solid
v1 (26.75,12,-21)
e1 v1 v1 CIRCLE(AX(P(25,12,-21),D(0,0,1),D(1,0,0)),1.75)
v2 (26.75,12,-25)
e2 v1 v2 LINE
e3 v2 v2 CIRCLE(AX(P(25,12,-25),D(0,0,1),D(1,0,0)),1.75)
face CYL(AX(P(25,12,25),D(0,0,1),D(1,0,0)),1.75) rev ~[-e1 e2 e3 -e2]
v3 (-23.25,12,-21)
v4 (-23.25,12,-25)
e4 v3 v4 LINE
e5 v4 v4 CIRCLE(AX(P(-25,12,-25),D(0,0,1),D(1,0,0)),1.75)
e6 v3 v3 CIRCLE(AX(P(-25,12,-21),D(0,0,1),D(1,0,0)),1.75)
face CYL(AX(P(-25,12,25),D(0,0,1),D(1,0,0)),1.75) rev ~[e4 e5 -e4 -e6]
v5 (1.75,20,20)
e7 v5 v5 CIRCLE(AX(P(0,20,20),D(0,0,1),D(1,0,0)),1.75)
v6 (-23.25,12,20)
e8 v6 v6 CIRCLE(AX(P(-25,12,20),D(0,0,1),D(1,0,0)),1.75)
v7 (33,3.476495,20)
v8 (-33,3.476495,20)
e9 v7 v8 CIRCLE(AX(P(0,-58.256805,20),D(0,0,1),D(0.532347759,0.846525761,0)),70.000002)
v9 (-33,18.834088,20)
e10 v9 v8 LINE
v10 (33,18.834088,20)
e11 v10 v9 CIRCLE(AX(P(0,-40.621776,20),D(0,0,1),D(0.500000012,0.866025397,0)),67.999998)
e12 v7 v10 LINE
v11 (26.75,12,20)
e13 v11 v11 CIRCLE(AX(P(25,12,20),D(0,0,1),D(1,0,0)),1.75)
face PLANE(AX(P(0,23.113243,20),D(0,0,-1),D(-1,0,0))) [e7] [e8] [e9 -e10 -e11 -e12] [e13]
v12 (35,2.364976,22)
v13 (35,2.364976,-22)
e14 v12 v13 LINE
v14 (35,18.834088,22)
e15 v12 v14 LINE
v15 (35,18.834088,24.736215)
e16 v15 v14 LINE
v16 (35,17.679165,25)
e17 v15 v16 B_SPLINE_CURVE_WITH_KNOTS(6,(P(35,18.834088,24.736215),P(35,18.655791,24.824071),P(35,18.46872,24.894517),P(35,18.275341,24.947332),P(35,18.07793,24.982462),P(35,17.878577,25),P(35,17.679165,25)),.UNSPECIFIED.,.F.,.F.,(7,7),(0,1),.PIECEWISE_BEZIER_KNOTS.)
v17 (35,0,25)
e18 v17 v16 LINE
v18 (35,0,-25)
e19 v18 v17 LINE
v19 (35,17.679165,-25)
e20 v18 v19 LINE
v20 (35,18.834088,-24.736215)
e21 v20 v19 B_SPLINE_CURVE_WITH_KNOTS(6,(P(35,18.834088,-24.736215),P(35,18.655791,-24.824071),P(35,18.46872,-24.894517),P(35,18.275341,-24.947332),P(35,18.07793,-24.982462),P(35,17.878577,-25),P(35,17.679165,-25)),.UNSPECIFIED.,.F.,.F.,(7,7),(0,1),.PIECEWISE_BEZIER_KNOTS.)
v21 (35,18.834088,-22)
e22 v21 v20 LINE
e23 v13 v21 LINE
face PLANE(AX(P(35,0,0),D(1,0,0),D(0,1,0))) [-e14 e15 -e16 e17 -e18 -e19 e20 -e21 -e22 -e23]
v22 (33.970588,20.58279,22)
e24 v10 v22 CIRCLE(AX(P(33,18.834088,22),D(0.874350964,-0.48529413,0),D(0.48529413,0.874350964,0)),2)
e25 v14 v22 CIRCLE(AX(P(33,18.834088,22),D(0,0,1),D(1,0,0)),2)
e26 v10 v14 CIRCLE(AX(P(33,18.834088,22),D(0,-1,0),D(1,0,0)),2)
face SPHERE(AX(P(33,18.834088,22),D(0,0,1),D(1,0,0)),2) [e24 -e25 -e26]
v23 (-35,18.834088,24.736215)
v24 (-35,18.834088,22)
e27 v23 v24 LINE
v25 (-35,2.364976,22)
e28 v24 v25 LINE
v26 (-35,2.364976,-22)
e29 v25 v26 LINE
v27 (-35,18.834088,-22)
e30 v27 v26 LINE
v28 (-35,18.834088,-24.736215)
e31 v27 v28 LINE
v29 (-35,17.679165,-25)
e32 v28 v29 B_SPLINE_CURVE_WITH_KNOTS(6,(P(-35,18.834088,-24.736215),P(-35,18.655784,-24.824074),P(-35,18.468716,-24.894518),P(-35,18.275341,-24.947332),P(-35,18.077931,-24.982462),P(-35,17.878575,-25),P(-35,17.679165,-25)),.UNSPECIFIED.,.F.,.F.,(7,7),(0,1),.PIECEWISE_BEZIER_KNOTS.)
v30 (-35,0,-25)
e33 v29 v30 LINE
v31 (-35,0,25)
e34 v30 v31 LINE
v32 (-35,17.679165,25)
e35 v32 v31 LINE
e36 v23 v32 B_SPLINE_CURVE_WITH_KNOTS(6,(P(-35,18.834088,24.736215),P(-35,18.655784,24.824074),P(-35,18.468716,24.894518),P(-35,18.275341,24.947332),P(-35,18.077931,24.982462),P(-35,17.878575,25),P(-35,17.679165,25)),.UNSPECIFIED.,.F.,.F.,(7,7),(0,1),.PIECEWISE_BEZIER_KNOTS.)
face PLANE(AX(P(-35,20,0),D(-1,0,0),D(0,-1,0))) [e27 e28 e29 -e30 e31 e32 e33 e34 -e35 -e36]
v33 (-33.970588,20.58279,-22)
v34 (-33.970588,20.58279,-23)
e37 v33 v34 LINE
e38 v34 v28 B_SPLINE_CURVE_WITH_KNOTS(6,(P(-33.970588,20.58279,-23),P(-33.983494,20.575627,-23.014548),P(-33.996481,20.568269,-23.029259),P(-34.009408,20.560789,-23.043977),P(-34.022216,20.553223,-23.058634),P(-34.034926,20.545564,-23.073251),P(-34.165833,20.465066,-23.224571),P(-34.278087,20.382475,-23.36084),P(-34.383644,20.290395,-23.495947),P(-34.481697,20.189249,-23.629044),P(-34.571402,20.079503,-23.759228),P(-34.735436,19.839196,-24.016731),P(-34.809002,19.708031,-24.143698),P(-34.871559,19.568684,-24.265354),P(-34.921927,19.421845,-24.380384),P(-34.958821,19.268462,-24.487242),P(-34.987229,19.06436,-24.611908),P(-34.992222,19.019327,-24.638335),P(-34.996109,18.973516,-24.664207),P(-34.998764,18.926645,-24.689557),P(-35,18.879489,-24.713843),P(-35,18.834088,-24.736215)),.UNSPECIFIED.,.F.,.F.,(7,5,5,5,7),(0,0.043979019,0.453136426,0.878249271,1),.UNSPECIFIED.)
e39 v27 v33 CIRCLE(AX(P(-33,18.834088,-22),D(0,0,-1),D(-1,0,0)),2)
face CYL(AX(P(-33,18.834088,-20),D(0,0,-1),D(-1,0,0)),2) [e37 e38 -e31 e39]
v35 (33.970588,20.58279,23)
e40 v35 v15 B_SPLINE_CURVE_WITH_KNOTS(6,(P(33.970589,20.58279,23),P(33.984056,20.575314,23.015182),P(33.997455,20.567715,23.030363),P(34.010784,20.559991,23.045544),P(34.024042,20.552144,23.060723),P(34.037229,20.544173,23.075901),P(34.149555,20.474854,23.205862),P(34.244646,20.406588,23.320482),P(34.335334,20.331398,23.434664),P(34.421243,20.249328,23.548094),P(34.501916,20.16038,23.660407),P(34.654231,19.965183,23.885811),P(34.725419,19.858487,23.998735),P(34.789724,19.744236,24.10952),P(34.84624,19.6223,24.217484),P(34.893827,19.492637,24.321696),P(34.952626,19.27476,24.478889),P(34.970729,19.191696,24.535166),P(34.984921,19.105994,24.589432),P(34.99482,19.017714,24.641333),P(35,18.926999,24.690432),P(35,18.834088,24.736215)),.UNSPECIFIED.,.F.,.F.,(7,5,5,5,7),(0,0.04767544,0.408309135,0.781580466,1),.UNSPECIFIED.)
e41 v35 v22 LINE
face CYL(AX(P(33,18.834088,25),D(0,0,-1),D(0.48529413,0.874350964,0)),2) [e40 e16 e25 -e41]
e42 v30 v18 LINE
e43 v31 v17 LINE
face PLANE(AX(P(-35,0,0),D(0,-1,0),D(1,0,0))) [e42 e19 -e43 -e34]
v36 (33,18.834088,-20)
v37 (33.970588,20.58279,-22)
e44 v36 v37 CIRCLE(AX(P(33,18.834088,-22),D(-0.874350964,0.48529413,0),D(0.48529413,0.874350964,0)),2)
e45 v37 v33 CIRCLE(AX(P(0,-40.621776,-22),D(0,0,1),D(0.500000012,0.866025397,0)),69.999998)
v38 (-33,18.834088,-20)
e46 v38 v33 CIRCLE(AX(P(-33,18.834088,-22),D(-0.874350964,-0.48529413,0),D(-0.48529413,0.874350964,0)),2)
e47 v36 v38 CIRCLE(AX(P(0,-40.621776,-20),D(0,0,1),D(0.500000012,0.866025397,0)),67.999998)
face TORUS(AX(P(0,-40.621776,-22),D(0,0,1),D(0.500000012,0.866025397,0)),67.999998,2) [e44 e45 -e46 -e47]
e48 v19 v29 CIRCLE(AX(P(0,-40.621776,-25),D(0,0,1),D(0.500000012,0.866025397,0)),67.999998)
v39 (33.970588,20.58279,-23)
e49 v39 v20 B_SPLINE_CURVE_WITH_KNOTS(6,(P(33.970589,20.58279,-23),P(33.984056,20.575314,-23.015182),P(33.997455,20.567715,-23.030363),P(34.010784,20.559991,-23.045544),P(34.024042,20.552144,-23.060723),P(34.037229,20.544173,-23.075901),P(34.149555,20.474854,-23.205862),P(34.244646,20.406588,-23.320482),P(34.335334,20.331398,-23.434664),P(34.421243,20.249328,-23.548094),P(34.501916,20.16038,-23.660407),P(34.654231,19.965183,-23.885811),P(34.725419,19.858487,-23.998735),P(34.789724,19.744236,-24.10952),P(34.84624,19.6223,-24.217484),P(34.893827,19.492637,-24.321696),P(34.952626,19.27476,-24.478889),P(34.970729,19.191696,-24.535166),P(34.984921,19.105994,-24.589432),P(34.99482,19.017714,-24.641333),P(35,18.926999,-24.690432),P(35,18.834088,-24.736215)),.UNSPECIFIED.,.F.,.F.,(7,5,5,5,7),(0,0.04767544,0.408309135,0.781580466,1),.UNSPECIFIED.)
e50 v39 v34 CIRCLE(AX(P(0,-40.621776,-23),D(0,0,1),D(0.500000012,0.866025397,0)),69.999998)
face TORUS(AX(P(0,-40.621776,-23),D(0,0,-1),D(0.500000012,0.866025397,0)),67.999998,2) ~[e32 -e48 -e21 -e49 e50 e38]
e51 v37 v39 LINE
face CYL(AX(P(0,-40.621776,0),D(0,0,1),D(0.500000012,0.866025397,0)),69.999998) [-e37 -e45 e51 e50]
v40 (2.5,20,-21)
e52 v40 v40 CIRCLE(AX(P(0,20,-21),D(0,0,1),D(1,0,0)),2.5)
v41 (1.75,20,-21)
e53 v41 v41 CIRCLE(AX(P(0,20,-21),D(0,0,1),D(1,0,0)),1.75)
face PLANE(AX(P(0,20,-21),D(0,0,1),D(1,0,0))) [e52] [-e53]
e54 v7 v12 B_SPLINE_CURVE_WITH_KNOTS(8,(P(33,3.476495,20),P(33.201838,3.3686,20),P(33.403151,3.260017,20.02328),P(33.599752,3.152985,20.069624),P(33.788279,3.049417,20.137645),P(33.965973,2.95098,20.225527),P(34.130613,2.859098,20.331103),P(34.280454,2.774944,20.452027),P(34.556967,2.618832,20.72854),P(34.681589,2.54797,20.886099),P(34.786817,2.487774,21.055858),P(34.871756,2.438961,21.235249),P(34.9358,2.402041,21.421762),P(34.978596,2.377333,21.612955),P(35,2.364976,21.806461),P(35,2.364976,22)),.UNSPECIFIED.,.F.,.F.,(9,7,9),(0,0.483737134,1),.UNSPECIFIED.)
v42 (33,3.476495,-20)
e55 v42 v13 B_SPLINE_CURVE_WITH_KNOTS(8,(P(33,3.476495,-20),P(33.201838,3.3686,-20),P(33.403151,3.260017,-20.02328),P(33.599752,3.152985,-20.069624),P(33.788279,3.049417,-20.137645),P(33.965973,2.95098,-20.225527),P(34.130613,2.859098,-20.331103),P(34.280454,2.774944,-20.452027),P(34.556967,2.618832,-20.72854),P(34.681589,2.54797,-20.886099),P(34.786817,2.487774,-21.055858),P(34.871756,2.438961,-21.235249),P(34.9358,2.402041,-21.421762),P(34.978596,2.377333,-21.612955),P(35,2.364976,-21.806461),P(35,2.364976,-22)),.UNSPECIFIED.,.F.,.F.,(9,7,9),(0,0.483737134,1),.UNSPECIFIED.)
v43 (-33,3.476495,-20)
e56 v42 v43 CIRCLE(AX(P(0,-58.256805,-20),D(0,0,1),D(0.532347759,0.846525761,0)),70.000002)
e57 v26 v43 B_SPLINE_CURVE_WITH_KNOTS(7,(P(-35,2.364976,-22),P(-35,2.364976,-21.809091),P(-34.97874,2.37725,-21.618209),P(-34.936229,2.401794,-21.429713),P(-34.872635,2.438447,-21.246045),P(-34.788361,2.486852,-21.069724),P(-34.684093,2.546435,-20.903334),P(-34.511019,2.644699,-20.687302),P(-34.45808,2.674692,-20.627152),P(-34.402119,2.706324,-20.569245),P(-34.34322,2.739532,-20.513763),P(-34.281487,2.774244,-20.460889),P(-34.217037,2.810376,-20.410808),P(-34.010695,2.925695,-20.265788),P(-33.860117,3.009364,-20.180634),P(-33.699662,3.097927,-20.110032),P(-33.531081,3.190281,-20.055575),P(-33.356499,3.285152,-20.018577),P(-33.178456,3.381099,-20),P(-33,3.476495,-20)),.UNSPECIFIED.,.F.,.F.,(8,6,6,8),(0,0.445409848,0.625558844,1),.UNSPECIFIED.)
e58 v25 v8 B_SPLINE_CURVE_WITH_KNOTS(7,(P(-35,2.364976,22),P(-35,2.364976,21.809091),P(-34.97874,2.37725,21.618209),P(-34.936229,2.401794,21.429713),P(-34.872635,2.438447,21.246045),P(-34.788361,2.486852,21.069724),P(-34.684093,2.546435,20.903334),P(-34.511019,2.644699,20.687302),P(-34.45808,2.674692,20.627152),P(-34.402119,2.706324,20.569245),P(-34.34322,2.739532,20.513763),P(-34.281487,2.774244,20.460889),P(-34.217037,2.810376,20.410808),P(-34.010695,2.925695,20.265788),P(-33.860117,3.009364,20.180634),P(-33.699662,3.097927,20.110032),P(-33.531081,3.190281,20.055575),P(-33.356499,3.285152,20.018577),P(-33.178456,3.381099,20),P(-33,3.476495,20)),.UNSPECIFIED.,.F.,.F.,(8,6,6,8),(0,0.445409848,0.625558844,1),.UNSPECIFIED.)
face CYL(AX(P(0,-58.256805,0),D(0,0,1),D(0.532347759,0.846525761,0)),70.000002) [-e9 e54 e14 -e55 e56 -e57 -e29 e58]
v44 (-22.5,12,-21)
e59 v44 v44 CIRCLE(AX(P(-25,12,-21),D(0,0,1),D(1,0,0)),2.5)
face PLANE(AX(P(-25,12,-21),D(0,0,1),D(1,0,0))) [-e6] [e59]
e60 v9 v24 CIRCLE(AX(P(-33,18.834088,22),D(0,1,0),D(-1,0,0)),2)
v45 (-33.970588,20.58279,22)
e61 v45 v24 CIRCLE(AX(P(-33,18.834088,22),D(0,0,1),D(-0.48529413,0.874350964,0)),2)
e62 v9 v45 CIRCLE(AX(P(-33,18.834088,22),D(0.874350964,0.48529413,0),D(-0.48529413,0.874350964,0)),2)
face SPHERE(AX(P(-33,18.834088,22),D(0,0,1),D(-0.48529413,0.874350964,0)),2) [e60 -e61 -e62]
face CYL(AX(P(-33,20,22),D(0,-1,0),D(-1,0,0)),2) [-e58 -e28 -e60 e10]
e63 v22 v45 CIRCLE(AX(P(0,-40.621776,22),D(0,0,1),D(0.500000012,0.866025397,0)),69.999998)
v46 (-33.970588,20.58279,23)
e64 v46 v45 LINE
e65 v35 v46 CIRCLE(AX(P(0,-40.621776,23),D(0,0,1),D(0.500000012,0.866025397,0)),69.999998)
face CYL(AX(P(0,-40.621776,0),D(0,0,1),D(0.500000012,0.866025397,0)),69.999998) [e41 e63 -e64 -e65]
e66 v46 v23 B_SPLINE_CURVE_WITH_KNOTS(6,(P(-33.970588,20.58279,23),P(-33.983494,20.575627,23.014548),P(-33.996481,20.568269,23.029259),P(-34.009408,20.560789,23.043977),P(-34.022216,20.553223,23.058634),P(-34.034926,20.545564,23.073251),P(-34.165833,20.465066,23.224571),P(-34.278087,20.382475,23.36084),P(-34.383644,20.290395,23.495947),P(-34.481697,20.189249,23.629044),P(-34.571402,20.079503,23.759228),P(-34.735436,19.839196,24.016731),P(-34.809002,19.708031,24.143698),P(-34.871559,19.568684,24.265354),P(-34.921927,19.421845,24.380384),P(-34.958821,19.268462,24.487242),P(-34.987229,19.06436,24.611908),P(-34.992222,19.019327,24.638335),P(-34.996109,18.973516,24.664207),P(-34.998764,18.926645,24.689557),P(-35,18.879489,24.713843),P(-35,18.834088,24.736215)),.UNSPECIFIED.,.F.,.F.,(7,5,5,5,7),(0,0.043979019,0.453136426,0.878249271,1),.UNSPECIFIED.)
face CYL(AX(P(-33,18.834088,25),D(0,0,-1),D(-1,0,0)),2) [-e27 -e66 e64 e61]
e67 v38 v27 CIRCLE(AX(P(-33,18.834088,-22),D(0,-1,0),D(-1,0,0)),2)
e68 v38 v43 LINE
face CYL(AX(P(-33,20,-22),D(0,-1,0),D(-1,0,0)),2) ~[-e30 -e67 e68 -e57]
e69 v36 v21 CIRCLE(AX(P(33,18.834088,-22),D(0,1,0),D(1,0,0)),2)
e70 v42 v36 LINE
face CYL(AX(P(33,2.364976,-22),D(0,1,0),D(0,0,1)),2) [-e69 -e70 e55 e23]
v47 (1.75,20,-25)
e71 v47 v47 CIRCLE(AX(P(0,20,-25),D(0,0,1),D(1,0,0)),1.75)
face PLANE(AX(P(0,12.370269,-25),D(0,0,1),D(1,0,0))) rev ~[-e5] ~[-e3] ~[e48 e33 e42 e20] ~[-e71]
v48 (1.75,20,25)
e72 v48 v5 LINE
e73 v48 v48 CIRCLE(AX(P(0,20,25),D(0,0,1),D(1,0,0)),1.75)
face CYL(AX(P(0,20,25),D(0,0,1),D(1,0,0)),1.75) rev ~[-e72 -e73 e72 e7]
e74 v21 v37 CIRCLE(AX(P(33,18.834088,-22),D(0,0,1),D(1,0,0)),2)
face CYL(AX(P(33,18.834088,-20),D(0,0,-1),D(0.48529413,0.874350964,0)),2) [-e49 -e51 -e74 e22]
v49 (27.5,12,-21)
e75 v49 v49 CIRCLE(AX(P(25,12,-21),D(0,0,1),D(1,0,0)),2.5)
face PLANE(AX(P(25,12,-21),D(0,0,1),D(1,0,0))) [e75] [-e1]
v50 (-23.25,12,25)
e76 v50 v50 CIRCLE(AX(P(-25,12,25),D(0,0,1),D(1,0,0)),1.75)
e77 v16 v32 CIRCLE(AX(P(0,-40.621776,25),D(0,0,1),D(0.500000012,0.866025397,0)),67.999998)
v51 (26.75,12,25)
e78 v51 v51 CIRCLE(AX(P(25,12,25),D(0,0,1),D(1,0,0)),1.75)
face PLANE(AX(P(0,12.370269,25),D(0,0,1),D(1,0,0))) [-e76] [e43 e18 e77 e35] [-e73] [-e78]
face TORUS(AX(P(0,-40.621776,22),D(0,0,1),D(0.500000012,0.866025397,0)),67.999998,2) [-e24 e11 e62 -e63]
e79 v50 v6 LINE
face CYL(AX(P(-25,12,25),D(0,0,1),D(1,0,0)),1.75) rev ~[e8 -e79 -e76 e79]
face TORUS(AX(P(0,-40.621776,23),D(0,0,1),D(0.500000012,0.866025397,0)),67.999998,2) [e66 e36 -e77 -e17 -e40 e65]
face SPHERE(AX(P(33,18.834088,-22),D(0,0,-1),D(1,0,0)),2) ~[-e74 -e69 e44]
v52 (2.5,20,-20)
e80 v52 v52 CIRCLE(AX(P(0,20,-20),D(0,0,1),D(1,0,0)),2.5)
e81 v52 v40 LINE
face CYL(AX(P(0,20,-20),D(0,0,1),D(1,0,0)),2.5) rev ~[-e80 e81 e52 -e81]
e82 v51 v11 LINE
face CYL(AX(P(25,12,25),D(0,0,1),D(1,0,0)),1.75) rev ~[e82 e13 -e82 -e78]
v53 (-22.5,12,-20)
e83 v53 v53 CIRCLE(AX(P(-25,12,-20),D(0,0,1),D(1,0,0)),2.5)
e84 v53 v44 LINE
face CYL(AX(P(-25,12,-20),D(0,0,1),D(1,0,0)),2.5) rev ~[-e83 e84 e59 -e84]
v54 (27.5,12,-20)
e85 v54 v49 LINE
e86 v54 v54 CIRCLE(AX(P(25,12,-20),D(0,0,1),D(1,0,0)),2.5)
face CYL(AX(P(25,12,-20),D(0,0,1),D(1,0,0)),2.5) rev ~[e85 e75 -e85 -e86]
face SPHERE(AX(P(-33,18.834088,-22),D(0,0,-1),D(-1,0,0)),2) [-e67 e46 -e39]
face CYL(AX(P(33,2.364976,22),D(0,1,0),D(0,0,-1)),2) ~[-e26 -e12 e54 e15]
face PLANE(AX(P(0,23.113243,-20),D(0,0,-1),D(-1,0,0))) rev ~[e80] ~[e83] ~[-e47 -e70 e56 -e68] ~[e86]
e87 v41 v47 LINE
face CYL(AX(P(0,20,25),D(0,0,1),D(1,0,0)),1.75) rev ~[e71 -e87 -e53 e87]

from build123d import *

# Parameters (mm, degrees)
PAD001_DEPTH    = 25
POCKET_DEPTH    = 20
FILLET_R        = 2
SKETCH002_R     = 1.75
POCKET001_DEPTH = 50.001
SKETCH003_R     = 2.5
POCKET002_DEPTH = 1


with BuildPart() as part:
    # Sketch001 → Pad001 (new body, symmetric)
    with BuildSketch(Plane.XY):
        with BuildLine():
            Line((-35, 20), (-35, 0))
            Line((-35, 0), (35, 0))
            Line((35, 0), (35, 20))
            ThreePointArc((35, 20), (0, 29.378222), (-35, 20))
        make_face()
    extrude(amount=PAD001_DEPTH, both=True)

    # Sketch → Pocket (cut, symmetric)
    with BuildSketch(Plane.XY):
        with BuildLine():
            ThreePointArc((37.264344, 1), (0, 11.743197), (-37.264344, 1))
            Line((-37.264344, 1), (-37.264344, 41.61153))
            Line((-37.264344, 41.61153), (37.264344, 41.61153))
            Line((37.264344, 41.61153), (37.264344, 1))
        make_face()
    extrude(amount=POCKET_DEPTH, both=True, mode=Mode.SUBTRACT)

    # Fillet
    fillet_edges = [part.edges().sort_by_distance(p)[0] for p in [
        (0, 29.378222, 25),
        (-35, 20, 22.5),
        (0, 29.378222, 20),
        (0, 29.378222, -20),
        (-35, 20, -22.5),
        (0, 29.378222, -25),
        (35, 20, 22.5),
        (35, 20, -22.5),
        (35, 11.182488, -20),
        (35, 11.182488, 20),
        (-35, 11.182488, -20),
        (-35, 11.182488, 20),
    ]]
    fillet(fillet_edges, radius=FILLET_R)

    # Sketch002 (on DatumPlane) → Pocket001 (cut, through all)
    with BuildSketch(Plane.XY.offset(25)):
        with Locations((0, 20)):
            Circle(SKETCH002_R)
        with Locations((25, 12)):
            Circle(SKETCH002_R)
        with Locations((-25, 12)):
            Circle(SKETCH002_R)
    extrude(amount=-POCKET001_DEPTH, mode=Mode.SUBTRACT)

    # Sketch003 (on DatumPlane) → Pocket002 (cut)
    with BuildSketch(Plane.XY.offset(-20)):
        with Locations((0, 20)):
            Circle(SKETCH003_R)
        with Locations((-25, 12)):
            Circle(SKETCH003_R)
        with Locations((25, 12)):
            Circle(SKETCH003_R)
    extrude(amount=-POCKET002_DEPTH, mode=Mode.SUBTRACT)


solid = part.part
